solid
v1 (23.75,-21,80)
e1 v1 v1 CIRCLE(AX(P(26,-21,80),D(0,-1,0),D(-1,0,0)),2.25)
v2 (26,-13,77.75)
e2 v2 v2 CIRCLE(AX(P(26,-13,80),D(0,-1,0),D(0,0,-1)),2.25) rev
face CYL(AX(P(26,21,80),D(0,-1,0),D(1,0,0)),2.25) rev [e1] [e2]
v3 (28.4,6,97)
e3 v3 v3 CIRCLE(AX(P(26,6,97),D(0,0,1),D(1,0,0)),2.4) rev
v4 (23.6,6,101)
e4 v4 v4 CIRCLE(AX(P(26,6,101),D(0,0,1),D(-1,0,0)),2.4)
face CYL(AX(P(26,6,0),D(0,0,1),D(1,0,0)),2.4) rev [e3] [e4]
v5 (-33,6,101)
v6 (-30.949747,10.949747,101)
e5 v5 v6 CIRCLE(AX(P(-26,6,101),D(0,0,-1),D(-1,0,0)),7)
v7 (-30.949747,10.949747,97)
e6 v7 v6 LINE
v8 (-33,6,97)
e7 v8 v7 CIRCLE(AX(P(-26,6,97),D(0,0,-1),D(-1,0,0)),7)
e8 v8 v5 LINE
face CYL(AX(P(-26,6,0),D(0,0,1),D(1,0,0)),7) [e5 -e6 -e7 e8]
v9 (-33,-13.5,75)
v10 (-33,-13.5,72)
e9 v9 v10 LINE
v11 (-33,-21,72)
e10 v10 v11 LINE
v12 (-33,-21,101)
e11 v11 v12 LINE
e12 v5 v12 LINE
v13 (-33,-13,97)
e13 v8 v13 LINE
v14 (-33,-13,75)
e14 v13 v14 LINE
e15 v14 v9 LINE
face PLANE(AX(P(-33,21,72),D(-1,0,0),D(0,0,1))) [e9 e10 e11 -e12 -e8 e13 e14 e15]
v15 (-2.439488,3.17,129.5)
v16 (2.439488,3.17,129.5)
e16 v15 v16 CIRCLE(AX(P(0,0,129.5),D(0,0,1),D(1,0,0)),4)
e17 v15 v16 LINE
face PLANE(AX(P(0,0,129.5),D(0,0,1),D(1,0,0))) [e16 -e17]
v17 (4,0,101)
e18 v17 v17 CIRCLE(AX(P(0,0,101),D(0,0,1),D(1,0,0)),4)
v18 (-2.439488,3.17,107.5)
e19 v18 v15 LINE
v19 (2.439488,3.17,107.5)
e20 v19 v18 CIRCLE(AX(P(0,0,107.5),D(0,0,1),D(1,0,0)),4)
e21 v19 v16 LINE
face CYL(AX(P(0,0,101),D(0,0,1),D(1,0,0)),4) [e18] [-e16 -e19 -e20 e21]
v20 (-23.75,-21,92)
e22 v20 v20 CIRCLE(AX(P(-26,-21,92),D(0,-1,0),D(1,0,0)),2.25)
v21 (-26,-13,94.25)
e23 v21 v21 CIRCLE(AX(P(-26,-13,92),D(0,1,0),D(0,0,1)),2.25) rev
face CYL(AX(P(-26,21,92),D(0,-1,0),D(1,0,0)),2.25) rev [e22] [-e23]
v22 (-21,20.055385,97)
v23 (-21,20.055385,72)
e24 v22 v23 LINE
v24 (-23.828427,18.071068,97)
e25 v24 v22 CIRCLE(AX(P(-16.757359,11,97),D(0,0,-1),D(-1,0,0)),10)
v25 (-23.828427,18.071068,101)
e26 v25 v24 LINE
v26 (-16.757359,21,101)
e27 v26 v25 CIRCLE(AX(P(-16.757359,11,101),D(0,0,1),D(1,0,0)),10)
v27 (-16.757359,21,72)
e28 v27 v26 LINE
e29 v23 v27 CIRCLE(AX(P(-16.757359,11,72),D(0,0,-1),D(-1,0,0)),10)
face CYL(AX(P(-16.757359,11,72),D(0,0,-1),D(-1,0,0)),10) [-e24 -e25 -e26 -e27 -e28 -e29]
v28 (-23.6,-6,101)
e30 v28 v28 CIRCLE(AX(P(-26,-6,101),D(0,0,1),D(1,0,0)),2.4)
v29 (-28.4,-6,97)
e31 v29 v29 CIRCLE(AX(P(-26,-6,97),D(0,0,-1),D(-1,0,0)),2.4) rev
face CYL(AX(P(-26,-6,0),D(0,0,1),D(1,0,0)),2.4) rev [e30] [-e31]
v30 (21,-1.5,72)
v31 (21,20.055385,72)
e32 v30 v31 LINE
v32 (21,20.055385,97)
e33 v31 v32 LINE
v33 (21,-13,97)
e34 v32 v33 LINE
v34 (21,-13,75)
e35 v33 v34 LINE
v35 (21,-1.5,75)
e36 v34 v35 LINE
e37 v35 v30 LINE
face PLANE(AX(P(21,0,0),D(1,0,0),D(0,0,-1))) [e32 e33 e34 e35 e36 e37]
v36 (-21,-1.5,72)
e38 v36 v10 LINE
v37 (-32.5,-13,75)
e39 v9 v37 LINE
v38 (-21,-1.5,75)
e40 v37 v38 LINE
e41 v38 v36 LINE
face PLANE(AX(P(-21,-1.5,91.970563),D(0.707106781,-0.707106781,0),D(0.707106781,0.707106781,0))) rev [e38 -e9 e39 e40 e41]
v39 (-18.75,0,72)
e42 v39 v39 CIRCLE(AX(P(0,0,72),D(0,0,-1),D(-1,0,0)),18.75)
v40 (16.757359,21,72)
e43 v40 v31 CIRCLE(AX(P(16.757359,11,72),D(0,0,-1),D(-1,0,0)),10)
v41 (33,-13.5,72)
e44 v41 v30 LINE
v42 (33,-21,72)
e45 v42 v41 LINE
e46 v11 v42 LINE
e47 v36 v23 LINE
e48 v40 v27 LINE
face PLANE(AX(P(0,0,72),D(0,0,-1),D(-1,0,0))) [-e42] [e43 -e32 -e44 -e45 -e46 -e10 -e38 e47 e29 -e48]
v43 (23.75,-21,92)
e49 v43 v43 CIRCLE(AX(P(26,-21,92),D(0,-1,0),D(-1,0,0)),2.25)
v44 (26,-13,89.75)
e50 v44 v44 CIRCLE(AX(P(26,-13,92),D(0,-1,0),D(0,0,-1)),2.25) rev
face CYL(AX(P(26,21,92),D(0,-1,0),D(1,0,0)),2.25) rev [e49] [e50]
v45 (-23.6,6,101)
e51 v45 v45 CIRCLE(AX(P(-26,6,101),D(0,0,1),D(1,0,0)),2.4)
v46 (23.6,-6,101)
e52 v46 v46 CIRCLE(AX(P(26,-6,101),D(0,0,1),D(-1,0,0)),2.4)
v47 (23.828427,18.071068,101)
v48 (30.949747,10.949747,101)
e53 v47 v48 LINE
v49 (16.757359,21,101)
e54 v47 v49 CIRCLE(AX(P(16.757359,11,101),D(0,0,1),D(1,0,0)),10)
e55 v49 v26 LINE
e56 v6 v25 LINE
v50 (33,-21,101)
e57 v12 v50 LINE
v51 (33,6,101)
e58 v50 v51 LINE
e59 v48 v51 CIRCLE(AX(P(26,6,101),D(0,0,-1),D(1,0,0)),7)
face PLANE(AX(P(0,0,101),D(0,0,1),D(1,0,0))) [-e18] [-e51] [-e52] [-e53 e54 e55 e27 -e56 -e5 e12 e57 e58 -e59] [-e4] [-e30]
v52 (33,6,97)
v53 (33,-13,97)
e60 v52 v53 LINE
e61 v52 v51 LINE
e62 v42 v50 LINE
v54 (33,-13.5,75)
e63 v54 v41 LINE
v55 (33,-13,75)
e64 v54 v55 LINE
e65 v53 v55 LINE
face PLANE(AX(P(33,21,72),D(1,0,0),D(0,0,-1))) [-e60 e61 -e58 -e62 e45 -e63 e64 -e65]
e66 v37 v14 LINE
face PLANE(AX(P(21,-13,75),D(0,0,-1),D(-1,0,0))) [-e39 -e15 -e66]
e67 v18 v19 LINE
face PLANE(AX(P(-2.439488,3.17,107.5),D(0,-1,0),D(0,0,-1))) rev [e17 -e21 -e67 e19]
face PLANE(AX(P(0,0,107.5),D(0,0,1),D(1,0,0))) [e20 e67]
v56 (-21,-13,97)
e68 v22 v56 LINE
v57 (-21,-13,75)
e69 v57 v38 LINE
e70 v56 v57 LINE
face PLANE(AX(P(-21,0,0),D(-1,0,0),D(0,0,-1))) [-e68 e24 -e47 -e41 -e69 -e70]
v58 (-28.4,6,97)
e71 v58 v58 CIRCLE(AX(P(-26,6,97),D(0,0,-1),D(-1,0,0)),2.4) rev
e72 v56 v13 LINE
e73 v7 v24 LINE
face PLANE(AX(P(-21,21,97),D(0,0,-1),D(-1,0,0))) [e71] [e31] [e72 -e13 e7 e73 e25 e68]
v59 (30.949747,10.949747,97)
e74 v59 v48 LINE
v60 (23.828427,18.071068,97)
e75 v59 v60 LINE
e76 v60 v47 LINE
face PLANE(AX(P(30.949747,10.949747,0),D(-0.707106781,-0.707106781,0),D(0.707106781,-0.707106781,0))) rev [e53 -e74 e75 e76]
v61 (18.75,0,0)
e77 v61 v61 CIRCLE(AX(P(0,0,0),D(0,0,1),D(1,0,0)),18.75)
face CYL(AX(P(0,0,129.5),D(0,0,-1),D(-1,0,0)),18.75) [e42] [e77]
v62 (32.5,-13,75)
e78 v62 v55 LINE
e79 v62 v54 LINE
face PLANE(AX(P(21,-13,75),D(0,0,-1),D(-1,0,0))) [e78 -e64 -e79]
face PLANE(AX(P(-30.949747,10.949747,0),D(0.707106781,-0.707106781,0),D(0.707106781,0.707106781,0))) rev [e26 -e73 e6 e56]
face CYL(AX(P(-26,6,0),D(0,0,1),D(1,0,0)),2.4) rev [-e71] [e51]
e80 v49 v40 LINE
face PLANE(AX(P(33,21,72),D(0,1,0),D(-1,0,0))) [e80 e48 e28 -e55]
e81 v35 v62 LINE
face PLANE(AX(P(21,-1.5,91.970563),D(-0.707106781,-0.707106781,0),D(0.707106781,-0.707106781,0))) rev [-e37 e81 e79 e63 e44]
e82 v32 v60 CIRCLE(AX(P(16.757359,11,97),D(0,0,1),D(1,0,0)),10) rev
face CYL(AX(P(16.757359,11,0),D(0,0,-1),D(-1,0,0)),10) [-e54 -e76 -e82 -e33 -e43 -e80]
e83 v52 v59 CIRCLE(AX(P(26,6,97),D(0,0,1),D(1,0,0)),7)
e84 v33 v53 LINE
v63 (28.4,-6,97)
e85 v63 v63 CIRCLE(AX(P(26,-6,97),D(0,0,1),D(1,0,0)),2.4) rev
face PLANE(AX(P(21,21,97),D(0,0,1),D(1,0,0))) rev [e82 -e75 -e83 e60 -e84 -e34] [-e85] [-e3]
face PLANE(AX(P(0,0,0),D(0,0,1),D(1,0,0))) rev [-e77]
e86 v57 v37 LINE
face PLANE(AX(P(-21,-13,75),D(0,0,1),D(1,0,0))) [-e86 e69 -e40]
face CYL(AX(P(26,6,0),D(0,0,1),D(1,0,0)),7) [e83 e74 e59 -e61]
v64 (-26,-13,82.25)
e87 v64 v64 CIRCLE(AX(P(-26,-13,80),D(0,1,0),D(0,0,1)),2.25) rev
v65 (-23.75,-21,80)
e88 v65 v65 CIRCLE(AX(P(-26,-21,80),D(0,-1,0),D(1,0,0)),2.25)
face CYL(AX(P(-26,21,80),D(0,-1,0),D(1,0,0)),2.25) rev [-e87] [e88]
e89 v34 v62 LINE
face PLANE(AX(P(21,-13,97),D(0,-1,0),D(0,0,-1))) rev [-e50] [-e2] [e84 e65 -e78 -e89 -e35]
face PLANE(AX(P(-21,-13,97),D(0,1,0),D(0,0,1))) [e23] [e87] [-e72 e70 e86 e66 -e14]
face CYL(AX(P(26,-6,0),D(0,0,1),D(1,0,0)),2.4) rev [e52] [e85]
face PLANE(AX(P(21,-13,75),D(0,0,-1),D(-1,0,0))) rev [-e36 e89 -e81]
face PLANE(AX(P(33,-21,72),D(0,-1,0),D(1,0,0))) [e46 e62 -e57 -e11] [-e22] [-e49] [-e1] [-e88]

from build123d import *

# Parameters (mm, degrees)
CROQUIS2_R              = 18.75
SALIENTE_EXTRUIR1_DEPTH = 129.5
CORTAR_EXTRUIR1_START   = -28.5
CROQUIS3_R              = 18.75
CROQUIS3_R_2            = 4
CORTAR_EXTRUIR1_DEPTH   = 28.5
CROQUIS4_W              = 66
CROQUIS4_H              = 42
SALIENTE_EXTRUIR2_DEPTH = 29
CROQUIS5_R              = 2.4
CORTAR_EXTRUIR2_DEPTH   = 109.309741021
CROQUIS6_R              = 2.25
CORTAR_EXTRUIR3_DEPTH   = 141.083011104
CORTAR_EXTRUIR4_DEPTH   = 12
REDONDEO1_R             = 10
CORTAR_EXTRUIR5_START   = -22
CORTAR_EXTRUIR5_DEPTH   = 22
SALIENTE_EXTRUIR3_START = -3
CROQUIS9_R              = 2.4
SALIENTE_EXTRUIR3_DEPTH = 3
CORTAR_EXTRUIR6_DEPTH   = 3


with BuildPart() as part:
    # Croquis2 → Saliente-Extruir1 (new body)
    with BuildSketch(Plane.XY):
        Circle(CROQUIS2_R)
    extrude(amount=SALIENTE_EXTRUIR1_DEPTH)

    # Croquis3 → Cortar-Extruir1 (cut)
    with BuildSketch(Plane.XY.offset(129.5).offset(CORTAR_EXTRUIR1_START)):
        Circle(CROQUIS3_R)
        Circle(CROQUIS3_R_2, mode=Mode.SUBTRACT)
    extrude(amount=CORTAR_EXTRUIR1_DEPTH, mode=Mode.SUBTRACT)

    # Croquis4 → Saliente-Extruir2 (add)
    with BuildSketch(Plane.XY.offset(101)):
        Rectangle(CROQUIS4_W, CROQUIS4_H)
    extrude(amount=-SALIENTE_EXTRUIR2_DEPTH)

    # Croquis5 → Cortar-Extruir2 (cut, through all)
    with BuildSketch(Plane.XY.offset(101)):
        with Locations((-26, 6)):
            Circle(CROQUIS5_R)
        with Locations((-26, -6)):
            Circle(CROQUIS5_R)
        with Locations(Location((26, -6, 0), (0, 0, 180))):
            Circle(CROQUIS5_R)
        with Locations(Location((26, 6, 0), (0, 0, 180))):
            Circle(CROQUIS5_R)
        with BuildLine():
            Line((-33, 6), (-33, 21))
            Line((-33, 21), (-20.899494937, 21))
            Line((-20.899494937, 21), (-30.949747468, 10.949747468))
            ThreePointArc((-30.949747468, 10.949747468), (-32.467156728, 8.678784027), (-33, 6))
        make_face()
        with BuildLine():
            Line((33, 21), (20.899494937, 21))
            Line((20.899494937, 21), (30.949747468, 10.949747468))
            ThreePointArc((30.949747468, 10.949747468), (32.467156728, 8.678784027), (33, 6))
            Line((33, 6), (33, 21))
        make_face()
    extrude(amount=-CORTAR_EXTRUIR2_DEPTH, mode=Mode.SUBTRACT)

    # Croquis6 → Cortar-Extruir3 (cut, through all)
    with BuildSketch(Plane.XZ.offset(21)):
        with Locations((-26, 92)):
            Circle(CROQUIS6_R)
        with Locations((-26, 80)):
            Circle(CROQUIS6_R)
        with Locations((26, 80)):
            Circle(CROQUIS6_R)
        with Locations((26, 92)):
            Circle(CROQUIS6_R)
    extrude(amount=-CORTAR_EXTRUIR3_DEPTH, mode=Mode.SUBTRACT)

    # Croquis7 → Cortar-Extruir4 (cut)
    with BuildSketch(Plane(origin=(33, 0, 0), x_dir=(0, 0, -1), z_dir=(1, 0, 0))):
        Polygon((-97, 21), (-97, -13), (-75, -13), (-75, -1.5), (-72, -1.5), (-72, 21), align=None)
    cortar_extruir4 = extrude(amount=-CORTAR_EXTRUIR4_DEPTH, mode=Mode.SUBTRACT)

    # Simetría1: Cortar-Extruir4 across plane
    add(cortar_extruir4.mirror(Plane(origin=(0, 0, 0), x_dir=(0, 0, 1), z_dir=(1, 0, 0))), mode=Mode.SUBTRACT)

    # Redondeo1
    redondeo1_edges = [part.edges().sort_by_distance(p)[0] for p in [
        (-20.899494937, 21, 86.5),
        (20.899494937, 21, 86.5),
    ]]
    fillet(redondeo1_edges, radius=REDONDEO1_R)

    # Croquis8 → Cortar-Extruir5 (cut)
    with BuildSketch(Plane.XY.offset(129.5).offset(CORTAR_EXTRUIR5_START)):
        with BuildLine():
            Line((-2.439487651, 3.17), (2.439487651, 3.17))
            ThreePointArc((2.439487651, 3.17), (0, 4), (-2.439487651, 3.17))
        make_face()
    extrude(amount=CORTAR_EXTRUIR5_DEPTH, mode=Mode.SUBTRACT)

    # Croquis9 → Saliente-Extruir3 (add)
    with BuildSketch(Plane(origin=(0, 0, 72), x_dir=(-1, 0, 0), z_dir=(0, 0, -1)).offset(SALIENTE_EXTRUIR3_START)):
        with Locations(Location((26, -6, 0), (0, 0, 180))):
            Circle(CROQUIS9_R)
        with Locations(Location((-26, -6, 0), (0, 0, 180))):
            Circle(CROQUIS9_R)
    extrude(amount=SALIENTE_EXTRUIR3_DEPTH)

    # Croquis10 → Cortar-Extruir6 (cut)
    with BuildSketch(Plane(origin=(0, 0, 72), x_dir=(-1, 0, 0), z_dir=(0, 0, -1))):
        Polygon((-21, -1.5), (-33, -13.5), (-33, -1.5), align=None)
        Polygon((33, -1.5), (21, -1.5), (33, -13.5), align=None)
    extrude(amount=-CORTAR_EXTRUIR6_DEPTH, mode=Mode.SUBTRACT)


solid = part.part
